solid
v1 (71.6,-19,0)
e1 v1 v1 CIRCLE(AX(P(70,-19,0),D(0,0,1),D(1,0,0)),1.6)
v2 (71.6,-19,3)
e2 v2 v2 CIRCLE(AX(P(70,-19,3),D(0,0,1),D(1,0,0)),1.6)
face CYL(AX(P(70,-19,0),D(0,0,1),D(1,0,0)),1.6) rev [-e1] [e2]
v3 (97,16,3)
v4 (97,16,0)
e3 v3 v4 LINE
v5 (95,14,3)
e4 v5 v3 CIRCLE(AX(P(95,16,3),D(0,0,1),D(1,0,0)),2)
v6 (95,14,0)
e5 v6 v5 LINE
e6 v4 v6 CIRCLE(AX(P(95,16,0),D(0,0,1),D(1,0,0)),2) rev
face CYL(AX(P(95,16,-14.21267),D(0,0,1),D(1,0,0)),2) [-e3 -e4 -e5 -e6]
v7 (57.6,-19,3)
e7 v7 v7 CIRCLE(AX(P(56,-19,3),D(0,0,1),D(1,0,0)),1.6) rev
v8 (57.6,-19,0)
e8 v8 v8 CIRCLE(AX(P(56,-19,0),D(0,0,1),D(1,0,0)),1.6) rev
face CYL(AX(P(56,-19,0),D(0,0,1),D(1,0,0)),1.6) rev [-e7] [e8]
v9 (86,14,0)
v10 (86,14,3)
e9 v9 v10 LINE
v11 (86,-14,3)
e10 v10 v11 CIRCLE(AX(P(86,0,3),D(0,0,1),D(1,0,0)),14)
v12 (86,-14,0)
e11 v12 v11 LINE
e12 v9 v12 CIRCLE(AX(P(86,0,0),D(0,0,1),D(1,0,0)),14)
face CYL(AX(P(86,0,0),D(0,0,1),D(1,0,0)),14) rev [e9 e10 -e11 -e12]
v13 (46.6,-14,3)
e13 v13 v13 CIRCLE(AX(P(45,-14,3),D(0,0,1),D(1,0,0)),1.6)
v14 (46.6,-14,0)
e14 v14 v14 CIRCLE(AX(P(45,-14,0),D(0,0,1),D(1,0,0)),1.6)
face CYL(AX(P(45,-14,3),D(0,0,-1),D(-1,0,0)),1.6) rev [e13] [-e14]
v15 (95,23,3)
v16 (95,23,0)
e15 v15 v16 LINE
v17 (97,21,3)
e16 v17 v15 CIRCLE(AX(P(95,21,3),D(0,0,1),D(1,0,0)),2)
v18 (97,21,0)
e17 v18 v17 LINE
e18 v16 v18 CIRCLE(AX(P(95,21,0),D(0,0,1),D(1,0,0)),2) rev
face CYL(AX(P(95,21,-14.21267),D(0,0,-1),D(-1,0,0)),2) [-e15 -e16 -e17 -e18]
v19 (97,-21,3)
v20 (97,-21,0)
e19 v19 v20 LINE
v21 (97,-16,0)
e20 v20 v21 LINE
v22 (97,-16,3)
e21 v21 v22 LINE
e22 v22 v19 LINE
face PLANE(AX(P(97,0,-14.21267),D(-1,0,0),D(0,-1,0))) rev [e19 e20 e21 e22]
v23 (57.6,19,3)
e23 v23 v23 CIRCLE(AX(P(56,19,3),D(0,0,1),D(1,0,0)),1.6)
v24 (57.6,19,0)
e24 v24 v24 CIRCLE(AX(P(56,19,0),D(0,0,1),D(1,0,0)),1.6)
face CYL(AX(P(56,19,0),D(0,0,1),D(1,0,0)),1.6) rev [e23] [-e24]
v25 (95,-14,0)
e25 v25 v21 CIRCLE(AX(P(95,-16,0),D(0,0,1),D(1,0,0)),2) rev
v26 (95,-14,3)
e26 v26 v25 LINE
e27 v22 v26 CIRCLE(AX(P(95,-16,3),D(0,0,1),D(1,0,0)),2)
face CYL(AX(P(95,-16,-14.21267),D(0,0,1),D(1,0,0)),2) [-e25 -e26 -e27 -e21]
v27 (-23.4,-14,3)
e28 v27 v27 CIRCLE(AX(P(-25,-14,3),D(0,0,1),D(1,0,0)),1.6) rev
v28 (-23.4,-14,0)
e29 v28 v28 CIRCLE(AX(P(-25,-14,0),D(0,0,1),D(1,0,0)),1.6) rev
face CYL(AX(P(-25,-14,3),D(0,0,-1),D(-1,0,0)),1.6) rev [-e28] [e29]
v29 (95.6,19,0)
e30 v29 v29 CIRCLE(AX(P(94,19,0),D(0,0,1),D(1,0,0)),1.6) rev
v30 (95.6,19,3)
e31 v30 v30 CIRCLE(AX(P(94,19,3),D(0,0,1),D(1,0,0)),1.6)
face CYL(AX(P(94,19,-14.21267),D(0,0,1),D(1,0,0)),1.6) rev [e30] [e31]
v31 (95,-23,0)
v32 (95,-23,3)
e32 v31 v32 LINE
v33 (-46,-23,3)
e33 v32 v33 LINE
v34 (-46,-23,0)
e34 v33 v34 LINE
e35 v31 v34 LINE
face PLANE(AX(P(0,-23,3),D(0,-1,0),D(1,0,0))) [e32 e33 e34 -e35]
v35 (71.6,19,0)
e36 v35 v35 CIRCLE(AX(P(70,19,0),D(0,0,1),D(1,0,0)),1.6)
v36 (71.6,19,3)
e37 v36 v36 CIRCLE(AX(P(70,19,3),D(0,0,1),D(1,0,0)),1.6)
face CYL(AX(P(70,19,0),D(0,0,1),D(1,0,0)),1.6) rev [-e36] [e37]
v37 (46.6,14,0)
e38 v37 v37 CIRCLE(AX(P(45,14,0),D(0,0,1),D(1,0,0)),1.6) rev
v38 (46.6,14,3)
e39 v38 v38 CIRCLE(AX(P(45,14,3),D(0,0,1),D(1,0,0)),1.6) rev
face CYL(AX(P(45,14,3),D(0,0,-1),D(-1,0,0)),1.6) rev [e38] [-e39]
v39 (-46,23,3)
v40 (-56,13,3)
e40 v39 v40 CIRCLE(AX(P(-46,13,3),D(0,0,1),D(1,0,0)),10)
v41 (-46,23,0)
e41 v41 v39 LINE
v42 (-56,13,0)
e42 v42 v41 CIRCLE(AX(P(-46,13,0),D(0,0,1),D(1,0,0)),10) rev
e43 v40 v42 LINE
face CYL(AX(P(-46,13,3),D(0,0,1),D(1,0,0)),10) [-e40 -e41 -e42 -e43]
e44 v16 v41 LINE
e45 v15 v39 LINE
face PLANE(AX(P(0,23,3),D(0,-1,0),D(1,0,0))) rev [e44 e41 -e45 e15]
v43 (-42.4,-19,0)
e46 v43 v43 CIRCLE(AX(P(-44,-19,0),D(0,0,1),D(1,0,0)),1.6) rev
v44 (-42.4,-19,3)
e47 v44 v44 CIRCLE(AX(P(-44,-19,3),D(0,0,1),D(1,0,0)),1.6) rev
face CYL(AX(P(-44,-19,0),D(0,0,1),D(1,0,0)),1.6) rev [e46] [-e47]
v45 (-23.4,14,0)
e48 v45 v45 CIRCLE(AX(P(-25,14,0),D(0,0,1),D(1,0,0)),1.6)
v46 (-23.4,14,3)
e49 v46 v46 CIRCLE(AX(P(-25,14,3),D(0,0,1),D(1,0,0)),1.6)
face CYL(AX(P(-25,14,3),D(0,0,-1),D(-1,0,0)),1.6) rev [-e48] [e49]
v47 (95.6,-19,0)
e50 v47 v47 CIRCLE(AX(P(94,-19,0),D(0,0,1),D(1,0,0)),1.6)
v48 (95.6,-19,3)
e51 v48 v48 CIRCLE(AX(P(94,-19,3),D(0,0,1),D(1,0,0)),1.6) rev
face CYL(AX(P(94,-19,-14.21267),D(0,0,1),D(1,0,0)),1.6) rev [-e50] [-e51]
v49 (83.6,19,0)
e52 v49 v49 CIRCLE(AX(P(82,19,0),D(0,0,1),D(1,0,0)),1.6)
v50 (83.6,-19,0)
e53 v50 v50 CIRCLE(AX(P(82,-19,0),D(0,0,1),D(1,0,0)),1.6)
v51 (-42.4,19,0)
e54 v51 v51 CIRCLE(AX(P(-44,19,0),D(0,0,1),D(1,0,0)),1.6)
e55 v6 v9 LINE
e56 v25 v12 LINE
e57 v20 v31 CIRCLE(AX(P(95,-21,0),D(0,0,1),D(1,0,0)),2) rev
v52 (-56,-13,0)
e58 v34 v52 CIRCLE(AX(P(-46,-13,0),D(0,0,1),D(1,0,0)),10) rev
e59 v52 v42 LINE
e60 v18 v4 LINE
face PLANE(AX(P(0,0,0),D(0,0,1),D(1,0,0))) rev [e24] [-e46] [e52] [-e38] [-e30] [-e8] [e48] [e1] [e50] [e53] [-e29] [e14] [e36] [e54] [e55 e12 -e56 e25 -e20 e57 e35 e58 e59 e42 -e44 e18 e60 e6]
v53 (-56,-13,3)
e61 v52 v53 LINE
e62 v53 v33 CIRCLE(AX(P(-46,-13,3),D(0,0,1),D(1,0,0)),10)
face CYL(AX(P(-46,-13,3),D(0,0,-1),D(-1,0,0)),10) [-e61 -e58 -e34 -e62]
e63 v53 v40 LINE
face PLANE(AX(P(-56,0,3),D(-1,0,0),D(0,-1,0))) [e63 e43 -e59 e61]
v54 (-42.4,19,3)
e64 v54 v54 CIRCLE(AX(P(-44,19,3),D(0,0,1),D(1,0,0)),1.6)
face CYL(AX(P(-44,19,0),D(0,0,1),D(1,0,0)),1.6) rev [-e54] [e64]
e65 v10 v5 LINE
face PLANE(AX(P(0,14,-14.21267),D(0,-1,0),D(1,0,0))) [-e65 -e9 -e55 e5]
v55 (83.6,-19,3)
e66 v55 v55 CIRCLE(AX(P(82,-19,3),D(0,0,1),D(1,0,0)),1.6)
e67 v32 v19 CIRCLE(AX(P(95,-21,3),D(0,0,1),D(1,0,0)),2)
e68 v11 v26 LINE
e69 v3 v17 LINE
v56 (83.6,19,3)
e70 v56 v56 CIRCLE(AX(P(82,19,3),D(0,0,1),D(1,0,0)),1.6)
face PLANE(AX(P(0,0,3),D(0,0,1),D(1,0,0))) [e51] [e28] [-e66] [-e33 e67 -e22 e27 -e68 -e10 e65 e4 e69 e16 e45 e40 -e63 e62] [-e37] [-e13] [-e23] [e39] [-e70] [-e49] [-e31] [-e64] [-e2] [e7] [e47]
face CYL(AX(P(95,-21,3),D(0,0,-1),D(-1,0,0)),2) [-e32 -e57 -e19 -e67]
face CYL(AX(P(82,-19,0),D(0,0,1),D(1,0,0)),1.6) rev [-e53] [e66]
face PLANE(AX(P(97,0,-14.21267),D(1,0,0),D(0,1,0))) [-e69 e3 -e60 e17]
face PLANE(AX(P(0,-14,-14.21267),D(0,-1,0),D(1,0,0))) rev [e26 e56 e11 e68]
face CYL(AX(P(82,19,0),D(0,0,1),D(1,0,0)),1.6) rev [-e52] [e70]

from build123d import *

# Parameters (mm, degrees)
SKETCH2_W           = 142
SKETCH2_H           = 46
SKETCH2_R           = 1.6
BOSS_EXTRUDE1_DEPTH = 3
SKETCH3_R           = 1.6
CUT_EXTRUDE1_DEPTH  = 4
SKETCH3_3_R         = 1.6
SKETCH3_3_W         = 11
SKETCH3_3_H         = 9
BOSS_EXTRUDE2_DEPTH = 3
FILLET2_R           = 2
FILLET3_R           = 2
FILLET4_R           = 10


with BuildPart() as part:
    # Sketch2 → Boss-Extrude1 (new body)
    with BuildSketch(Plane.XY):
        with Locations((15, 0)):
            Rectangle(SKETCH2_W, SKETCH2_H)
        with Locations((-25, -14)):
            Circle(SKETCH2_R, mode=Mode.SUBTRACT)
        with Locations((45, -14)):
            Circle(SKETCH2_R, mode=Mode.SUBTRACT)
        with Locations((-25, 14)):
            Circle(SKETCH2_R, mode=Mode.SUBTRACT)
        with Locations((45, 14)):
            Circle(SKETCH2_R, mode=Mode.SUBTRACT)
    extrude(amount=BOSS_EXTRUDE1_DEPTH)

    # Sketch3 → Cut-Extrude1 (cut, through all)
    with BuildSketch(Plane.XY.offset(3)):
        with BuildLine():
            Line((86, -14), (86, 14))
            ThreePointArc((86, 14), (72, 0), (86, -14))
        make_face()
        with Locations((82, 19)):
            Circle(SKETCH3_R)
        with Locations((56, 19)):
            Circle(SKETCH3_R)
        with Locations((-44, 19)):
            Circle(SKETCH3_R)
        with Locations((70, 19)):
            Circle(SKETCH3_R)
        with Locations((82, -19)):
            Circle(SKETCH3_R)
        with Locations((70, -19)):
            Circle(SKETCH3_R)
        with Locations((-44, -19)):
            Circle(SKETCH3_R)
        with Locations((56, -19)):
            Circle(SKETCH3_R)
    extrude(amount=-CUT_EXTRUDE1_DEPTH, mode=Mode.SUBTRACT)

    # Sketch3<3> → Boss-Extrude2 (add)
    with BuildSketch(Plane.XY.offset(3)):
        Polygon((97, 23), (86, 23), (86, 19), (86, 14), (97, 14), align=None)
        with Locations((94, 19)):
            Circle(SKETCH3_3_R, mode=Mode.SUBTRACT)
        with Locations((91.5, -18.5)):
            Rectangle(SKETCH3_3_W, SKETCH3_3_H)
        with Locations((94, -19)):
            Circle(SKETCH3_3_R, mode=Mode.SUBTRACT)
    extrude(amount=-BOSS_EXTRUDE2_DEPTH)

    # Fillet2
    fillet2_edges = [part.edges().sort_by_distance(p)[0] for p in [
        (97, 23, 1.5),
        (97, -23, 1.5),
    ]]
    fillet(fillet2_edges, radius=FILLET2_R)

    # Fillet3
    fillet3_edges = [part.edges().sort_by_distance(p)[0] for p in [
        (97, 14, 1.5),
        (97, -14, 1.5),
    ]]
    fillet(fillet3_edges, radius=FILLET3_R)

    # Fillet4
    fillet4_edges = [part.edges().sort_by_distance(p)[0] for p in [
        (-56, 23, 1.5),
        (-56, -23, 1.5),
    ]]
    fillet(fillet4_edges, radius=FILLET4_R)


solid = part.part
